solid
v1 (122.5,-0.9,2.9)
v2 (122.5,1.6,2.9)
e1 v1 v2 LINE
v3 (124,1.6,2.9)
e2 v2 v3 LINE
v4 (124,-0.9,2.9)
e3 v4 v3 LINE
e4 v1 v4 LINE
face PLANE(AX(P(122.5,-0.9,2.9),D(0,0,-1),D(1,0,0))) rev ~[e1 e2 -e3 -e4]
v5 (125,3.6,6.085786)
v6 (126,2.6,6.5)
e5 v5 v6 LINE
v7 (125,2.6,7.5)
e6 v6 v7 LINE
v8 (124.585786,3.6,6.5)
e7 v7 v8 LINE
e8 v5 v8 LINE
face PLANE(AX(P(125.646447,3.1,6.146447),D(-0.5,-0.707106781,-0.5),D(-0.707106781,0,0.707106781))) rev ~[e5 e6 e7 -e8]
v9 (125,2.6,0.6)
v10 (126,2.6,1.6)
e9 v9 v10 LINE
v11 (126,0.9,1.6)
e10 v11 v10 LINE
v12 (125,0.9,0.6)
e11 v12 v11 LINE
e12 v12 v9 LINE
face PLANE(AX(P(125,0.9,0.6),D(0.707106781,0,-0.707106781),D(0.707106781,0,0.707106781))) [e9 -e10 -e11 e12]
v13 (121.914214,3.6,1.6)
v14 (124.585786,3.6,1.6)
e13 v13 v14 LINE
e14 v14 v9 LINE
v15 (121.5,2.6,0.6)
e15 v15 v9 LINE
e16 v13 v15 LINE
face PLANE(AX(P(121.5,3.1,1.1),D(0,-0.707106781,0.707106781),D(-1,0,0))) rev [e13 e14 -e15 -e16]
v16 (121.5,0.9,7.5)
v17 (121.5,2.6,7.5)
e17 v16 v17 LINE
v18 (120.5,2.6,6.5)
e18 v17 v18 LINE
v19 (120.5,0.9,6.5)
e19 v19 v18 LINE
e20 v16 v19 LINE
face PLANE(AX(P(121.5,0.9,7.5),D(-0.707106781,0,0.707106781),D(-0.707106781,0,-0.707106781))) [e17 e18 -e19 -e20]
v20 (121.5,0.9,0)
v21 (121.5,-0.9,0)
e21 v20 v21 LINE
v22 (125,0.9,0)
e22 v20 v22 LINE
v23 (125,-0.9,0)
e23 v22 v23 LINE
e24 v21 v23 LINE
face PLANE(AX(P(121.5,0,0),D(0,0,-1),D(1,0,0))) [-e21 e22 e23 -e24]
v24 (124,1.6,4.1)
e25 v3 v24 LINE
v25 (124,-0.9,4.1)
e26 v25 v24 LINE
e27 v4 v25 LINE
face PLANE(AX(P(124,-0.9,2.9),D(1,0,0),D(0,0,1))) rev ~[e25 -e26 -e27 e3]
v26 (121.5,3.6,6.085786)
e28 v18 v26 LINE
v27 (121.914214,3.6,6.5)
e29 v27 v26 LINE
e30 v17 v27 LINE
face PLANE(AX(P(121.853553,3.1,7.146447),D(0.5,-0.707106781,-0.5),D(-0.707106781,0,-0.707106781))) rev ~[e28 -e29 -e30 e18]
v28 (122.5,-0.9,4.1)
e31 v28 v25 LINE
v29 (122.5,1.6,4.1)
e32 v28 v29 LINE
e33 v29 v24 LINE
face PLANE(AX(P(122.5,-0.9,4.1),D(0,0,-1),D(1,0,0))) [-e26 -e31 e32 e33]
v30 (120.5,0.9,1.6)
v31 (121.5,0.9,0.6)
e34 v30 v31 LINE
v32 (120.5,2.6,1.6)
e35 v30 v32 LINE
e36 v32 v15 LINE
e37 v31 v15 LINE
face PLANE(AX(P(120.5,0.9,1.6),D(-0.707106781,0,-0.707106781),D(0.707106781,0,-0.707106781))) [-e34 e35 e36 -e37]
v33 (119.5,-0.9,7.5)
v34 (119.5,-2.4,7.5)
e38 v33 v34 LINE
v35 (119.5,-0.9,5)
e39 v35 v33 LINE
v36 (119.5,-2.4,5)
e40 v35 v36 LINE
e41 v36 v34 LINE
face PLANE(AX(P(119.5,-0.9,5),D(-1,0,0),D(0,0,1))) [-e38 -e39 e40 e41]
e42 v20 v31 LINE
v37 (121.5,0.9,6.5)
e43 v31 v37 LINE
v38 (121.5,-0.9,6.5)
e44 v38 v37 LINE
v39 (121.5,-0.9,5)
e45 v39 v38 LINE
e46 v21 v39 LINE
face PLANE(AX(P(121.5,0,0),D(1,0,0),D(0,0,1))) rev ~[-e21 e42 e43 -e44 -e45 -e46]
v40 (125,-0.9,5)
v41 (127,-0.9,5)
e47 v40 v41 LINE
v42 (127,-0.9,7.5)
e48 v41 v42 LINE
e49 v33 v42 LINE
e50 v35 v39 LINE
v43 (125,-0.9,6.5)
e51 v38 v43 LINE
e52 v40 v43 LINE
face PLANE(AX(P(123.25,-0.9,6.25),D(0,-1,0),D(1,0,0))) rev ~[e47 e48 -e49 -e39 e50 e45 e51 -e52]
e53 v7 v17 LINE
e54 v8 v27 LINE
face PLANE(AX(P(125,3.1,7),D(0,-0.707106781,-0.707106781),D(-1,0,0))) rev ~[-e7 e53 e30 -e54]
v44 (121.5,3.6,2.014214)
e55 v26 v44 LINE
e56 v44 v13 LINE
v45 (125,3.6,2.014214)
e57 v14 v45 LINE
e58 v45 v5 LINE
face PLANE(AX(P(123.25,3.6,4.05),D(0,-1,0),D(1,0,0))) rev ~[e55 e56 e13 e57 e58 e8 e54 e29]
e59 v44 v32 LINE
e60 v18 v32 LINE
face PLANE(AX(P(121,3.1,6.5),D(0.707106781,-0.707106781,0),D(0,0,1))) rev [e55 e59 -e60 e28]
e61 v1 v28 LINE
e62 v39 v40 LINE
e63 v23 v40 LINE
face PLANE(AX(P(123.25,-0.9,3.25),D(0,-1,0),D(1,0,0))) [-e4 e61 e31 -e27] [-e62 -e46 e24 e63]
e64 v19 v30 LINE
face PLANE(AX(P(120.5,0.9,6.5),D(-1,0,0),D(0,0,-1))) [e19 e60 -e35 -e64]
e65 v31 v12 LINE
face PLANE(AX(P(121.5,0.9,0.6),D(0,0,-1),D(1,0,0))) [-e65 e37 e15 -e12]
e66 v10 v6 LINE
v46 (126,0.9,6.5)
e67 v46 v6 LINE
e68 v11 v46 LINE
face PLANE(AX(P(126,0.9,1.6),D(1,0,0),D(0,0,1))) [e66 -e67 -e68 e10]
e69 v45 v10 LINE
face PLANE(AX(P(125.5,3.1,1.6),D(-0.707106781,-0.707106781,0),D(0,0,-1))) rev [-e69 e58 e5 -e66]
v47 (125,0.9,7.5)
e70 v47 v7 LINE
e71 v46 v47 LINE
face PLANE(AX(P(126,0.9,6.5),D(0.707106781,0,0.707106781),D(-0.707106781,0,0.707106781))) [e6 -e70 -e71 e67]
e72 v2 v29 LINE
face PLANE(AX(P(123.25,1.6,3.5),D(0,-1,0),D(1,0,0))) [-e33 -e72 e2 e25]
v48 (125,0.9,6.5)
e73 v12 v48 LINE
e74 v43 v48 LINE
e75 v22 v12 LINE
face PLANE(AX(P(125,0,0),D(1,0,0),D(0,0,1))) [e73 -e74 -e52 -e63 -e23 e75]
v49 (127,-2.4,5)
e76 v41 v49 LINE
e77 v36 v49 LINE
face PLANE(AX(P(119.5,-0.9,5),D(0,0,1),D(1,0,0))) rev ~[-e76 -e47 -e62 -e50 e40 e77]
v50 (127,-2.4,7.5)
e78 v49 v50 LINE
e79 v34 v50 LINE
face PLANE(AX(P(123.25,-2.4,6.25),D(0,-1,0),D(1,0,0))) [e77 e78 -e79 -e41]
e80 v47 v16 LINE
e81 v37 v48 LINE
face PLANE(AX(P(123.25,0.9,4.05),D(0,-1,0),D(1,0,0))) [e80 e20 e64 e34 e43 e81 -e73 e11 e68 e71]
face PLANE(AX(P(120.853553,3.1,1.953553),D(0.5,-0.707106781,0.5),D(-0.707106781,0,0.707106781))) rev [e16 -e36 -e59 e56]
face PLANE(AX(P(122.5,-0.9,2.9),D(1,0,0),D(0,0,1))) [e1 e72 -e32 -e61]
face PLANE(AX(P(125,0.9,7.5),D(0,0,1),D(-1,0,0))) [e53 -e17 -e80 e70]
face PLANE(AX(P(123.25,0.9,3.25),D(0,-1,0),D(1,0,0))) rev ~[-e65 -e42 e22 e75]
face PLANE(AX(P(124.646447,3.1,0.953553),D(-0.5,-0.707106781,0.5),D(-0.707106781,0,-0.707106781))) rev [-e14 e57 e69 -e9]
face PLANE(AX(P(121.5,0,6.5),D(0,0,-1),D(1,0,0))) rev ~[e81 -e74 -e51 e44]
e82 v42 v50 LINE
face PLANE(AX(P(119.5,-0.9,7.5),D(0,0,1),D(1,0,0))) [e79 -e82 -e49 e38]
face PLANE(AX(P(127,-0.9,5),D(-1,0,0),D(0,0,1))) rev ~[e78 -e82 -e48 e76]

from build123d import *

# Parameters (mm, degrees)
SKETCH029_W     = 3.5
SKETCH029_H     = 6.5
PAD023_DEPTH    = 0.9
SKETCH030_W     = 7.5
SKETCH030_H     = 2.5
PAD024_DEPTH    = 1.5
PAD025_DEPTH    = 2.7
SKETCH032_W     = 1.5
SKETCH032_H     = 1.2
POCKET002_DEPTH = 2.5
CHAMFER004_SIZE = 1


with BuildPart() as part:
    # Sketch029 → Pad023 (new body, symmetric)
    with BuildSketch(Plane.XZ):
        with Locations((0, 3.25)):
            Rectangle(SKETCH029_W, SKETCH029_H)
    extrude(amount=PAD023_DEPTH, both=True)

    # Sketch030 (on Face6 of Pad023) → Pad024 (join)
    with BuildSketch(Plane.XZ.offset(0.9)):
        with Locations((0, 6.25)):
            Rectangle(SKETCH030_W, SKETCH030_H)
    extrude(amount=PAD024_DEPTH)

    # Sketch033 (on DatumPlane) → Pad025 (join)
    with BuildSketch(Plane(origin=(0, 0.9, 0), x_dir=(-1, 0, 0), z_dir=(0, 1, 0))):
        Polygon((-1.75, 7.5), (1.75, 7.5), (2.75, 6.5), (2.75, 1.6), (1.75, 0.6), (-1.75, 0.6), (-2.75, 1.6), (-2.75, 6.5), align=None)
    extrude(amount=PAD025_DEPTH)

    # Sketch032 → Pocket002 (cut)
    with BuildSketch(Plane.XZ.offset(0.9)):
        with Locations((0, 3.5)):
            Rectangle(SKETCH032_W, SKETCH032_H)
    extrude(amount=-POCKET002_DEPTH, mode=Mode.SUBTRACT)

    # Chamfer004
    chamfer004_edges = [part.edges().sort_by_distance(p)[0] for p in [
        (2.75, 3.6, 4.05),
        (2.25, 3.6, 7),
        (0, 3.6, 7.5),
        (-2.25, 3.6, 7),
        (-2.75, 3.6, 4.05),
        (-2.25, 3.6, 1.1),
        (0, 3.6, 0.6),
        (2.25, 3.6, 1.1),
    ]]
    chamfer(chamfer004_edges, length=CHAMFER004_SIZE)


with BuildPart() as part_1:
    # Body013 placement: moved
    add(part.part.moved(Location((123.25, 0, 0))))


solid = part_1.part
